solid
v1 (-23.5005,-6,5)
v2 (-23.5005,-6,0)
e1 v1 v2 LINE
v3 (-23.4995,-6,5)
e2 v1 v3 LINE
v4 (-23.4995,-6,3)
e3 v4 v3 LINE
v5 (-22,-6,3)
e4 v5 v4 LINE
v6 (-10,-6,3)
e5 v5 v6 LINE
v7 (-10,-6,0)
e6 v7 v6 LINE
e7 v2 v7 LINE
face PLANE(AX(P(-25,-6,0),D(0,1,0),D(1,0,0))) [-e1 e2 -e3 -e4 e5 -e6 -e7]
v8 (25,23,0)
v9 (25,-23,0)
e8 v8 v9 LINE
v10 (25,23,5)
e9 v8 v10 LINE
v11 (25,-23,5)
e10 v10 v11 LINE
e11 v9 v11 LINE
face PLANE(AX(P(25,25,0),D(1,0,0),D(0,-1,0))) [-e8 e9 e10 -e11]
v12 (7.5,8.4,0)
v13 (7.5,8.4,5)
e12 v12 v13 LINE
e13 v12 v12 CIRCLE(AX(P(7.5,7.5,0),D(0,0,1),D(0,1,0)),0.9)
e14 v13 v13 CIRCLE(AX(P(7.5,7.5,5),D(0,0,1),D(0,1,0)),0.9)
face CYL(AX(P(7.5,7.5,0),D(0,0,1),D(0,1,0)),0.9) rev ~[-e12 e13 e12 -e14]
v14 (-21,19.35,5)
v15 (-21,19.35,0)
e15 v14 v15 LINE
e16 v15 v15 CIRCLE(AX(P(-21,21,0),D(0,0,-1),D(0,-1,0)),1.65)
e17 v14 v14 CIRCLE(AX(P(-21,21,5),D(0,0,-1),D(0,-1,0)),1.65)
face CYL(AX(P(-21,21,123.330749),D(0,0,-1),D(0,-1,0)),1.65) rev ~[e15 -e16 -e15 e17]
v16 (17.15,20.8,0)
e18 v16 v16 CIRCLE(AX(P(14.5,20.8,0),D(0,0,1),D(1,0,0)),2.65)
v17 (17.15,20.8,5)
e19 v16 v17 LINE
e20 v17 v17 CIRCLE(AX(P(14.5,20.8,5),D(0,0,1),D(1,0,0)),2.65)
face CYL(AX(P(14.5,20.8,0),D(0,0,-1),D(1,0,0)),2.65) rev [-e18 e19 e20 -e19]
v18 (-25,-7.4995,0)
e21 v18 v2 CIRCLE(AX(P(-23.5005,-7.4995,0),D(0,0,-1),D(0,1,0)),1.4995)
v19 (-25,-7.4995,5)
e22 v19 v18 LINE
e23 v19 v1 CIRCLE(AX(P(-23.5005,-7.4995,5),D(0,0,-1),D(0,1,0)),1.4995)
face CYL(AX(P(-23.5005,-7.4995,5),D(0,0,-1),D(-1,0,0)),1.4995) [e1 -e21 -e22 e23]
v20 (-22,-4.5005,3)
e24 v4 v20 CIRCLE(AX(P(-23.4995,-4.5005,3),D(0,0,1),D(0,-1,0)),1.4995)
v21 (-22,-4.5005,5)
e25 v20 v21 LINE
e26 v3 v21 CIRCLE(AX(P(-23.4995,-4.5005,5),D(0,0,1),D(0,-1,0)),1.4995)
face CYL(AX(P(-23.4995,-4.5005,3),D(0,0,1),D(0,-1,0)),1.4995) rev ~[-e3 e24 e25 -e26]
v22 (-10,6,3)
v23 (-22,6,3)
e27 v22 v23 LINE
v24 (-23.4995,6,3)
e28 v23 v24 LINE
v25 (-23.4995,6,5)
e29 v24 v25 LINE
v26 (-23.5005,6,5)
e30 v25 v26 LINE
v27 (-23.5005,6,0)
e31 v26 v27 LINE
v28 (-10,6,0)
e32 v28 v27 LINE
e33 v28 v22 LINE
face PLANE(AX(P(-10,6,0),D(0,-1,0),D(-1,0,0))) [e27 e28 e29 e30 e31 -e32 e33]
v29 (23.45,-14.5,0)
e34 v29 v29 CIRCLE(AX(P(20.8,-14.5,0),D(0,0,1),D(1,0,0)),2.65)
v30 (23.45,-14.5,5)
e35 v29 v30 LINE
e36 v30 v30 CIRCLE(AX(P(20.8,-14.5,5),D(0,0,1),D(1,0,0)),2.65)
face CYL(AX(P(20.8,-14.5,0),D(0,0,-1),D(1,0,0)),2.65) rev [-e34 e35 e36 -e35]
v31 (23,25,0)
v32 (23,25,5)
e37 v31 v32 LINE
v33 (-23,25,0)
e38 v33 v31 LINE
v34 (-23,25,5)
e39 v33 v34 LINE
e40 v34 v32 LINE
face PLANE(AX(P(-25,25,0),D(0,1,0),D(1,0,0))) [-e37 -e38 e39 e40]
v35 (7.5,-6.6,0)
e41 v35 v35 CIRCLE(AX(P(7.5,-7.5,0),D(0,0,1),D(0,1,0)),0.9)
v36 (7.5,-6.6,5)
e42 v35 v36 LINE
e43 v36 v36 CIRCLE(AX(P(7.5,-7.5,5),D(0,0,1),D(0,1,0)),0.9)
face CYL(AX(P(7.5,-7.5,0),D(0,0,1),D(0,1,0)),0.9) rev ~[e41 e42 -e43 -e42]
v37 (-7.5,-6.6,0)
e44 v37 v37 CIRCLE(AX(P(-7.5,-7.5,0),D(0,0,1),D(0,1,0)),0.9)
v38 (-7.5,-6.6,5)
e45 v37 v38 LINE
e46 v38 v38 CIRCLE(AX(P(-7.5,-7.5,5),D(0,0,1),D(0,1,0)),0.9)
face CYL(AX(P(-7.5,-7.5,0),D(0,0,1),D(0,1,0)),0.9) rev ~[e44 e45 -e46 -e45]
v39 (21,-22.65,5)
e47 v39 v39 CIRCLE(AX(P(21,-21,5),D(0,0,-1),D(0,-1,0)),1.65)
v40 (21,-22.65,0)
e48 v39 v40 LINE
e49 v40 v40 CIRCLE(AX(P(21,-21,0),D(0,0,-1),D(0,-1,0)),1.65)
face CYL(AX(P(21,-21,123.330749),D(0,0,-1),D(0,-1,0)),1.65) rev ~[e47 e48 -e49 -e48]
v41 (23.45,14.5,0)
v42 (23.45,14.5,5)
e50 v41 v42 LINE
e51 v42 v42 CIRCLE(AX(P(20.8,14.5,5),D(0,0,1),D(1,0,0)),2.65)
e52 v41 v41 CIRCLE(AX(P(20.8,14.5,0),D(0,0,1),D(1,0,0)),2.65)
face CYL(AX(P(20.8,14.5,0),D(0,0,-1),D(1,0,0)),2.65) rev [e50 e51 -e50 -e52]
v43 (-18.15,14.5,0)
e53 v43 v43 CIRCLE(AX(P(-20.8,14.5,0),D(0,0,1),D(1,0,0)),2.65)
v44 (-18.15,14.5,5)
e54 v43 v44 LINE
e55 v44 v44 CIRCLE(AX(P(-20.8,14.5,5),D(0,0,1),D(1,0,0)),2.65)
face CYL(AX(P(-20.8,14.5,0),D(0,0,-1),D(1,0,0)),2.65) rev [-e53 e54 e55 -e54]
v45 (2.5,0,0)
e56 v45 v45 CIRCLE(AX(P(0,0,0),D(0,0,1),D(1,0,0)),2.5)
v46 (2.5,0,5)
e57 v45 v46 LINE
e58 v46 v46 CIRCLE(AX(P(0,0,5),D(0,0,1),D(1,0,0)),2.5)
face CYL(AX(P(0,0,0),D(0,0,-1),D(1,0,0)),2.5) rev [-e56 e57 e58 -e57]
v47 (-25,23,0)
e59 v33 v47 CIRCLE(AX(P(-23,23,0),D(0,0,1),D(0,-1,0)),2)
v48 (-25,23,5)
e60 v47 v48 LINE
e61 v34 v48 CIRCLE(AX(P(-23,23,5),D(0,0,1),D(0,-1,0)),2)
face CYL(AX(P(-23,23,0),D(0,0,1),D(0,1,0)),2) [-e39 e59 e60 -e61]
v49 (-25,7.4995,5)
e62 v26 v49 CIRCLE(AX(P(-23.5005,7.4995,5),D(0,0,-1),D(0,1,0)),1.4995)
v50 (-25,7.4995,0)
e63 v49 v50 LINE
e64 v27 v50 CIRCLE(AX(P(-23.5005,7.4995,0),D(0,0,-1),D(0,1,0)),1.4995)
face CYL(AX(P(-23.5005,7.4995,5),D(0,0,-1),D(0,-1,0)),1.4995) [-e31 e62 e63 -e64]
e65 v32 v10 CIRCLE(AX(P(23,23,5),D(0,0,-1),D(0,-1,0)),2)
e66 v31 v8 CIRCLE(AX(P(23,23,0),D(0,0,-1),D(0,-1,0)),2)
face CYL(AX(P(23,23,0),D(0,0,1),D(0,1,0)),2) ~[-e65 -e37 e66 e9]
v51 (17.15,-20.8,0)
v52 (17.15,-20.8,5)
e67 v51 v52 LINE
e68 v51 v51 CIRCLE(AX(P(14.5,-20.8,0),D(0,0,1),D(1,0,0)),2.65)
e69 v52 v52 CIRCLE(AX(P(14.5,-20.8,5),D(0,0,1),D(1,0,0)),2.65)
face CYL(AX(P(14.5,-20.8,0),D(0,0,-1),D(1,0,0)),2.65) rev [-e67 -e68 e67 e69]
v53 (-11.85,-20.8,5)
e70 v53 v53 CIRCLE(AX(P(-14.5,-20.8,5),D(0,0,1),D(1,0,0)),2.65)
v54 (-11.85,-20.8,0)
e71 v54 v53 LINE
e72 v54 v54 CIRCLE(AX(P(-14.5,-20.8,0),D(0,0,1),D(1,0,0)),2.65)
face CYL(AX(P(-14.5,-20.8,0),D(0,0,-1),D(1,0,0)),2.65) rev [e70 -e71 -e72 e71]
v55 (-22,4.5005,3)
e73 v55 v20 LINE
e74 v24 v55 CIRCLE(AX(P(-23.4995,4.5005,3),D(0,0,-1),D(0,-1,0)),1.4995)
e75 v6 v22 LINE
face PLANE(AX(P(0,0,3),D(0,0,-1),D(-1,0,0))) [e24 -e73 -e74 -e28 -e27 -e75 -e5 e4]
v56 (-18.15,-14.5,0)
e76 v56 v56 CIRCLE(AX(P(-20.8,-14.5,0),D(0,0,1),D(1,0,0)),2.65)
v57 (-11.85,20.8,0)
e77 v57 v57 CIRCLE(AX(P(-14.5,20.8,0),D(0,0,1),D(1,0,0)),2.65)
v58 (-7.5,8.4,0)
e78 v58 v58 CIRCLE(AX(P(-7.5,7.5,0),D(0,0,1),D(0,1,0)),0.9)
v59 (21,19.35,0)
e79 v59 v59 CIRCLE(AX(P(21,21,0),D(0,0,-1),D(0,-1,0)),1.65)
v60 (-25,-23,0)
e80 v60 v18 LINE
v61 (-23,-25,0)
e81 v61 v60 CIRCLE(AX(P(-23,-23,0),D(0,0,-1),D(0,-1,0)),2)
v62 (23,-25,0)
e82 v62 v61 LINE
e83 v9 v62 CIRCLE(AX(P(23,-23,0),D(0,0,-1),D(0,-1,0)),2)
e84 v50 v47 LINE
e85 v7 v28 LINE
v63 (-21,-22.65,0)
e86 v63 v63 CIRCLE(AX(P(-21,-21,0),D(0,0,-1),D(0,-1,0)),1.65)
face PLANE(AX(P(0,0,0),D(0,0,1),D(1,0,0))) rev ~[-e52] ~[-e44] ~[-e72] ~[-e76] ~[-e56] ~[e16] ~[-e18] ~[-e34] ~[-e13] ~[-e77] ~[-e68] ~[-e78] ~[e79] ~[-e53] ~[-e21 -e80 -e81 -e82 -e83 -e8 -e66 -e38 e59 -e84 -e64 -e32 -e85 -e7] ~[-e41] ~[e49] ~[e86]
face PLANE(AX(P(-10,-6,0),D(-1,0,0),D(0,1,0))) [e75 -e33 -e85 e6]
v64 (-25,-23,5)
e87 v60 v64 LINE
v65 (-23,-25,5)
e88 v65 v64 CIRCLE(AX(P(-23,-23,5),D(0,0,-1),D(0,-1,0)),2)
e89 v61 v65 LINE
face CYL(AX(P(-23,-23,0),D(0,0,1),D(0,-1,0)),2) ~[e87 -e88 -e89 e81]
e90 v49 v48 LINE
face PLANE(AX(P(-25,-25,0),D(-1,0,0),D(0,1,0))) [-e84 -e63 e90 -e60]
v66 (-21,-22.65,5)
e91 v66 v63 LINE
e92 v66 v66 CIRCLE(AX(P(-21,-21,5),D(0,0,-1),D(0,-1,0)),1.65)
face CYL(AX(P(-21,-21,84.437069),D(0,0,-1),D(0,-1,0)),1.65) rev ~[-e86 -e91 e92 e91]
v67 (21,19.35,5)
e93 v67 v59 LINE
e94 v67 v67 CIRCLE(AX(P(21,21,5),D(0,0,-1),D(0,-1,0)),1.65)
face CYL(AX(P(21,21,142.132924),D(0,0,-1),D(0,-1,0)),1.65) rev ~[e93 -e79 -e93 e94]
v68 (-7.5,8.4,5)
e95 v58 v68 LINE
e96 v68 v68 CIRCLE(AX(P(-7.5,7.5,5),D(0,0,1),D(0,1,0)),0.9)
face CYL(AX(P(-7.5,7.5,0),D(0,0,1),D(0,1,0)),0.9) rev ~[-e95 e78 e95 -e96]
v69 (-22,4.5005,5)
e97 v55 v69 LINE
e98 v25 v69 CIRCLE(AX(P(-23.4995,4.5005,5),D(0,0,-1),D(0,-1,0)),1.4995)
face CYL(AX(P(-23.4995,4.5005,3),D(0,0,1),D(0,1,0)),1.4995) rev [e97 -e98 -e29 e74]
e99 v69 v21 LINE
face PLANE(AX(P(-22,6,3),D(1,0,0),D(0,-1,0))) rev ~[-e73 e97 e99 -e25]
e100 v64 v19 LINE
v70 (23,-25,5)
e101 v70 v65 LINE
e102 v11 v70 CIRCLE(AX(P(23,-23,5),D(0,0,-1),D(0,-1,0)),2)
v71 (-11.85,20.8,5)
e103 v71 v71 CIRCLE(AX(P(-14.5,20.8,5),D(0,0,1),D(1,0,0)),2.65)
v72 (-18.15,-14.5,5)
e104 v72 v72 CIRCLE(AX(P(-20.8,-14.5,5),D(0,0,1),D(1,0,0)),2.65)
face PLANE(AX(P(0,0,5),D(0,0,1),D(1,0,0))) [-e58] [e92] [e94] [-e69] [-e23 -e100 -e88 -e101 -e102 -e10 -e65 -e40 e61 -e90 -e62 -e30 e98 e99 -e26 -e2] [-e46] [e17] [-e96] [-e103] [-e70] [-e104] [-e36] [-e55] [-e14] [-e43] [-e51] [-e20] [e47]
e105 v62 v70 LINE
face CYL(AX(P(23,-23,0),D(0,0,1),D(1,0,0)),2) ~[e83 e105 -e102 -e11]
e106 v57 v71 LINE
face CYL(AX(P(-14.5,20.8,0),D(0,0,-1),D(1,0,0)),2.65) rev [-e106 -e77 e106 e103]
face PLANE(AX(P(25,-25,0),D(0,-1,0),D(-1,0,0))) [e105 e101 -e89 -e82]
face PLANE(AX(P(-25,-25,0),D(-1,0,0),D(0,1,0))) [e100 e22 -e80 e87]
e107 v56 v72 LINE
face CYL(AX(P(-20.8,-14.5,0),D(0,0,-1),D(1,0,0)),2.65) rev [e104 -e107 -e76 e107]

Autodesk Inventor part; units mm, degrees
ref_plane "YZ Plane" through (0, 0, 0) normal (1, 0, 0) x (0, 1, 0)
ref_plane "XZ Plane" through (0, 0, 0) normal (0, 1, 0) x (-1, 0, 0)
ref_plane "XY Plane" through (0, 0, 0) normal (0, 0, 1) x (1, 0, 0)
sketch "Sketch1" plane through (0, 0, 0) normal (0, 0, 1) x (1, 0, 0)
  line L0 (-25, 25) -> (25, 25)
  line L1 (25, 25) -> (25, -25)
  line L2 (25, -25) -> (-25, -25)
  line L3 (-25, -25) -> (-25, 25)
  line L4 (-25, 25) -> (25, -25) construction
  line L5 (25, 25) -> (-25, -25) construction
  circle A0 centre (0, 0) radius 2.5
  circle A1 centre (-20.8, -14.5) radius 2.65
  circle A2 centre (-14.5, -20.8) radius 2.65
  circle A3 centre (-20.8, 14.5) radius 2.65
  circle A4 centre (20.8, -14.5) radius 2.65
  circle A5 centre (20.8, 14.5) radius 2.65
  circle A6 centre (-14.5, 20.8) radius 2.65
  circle A7 centre (14.5, -20.8) radius 2.65
  circle A8 centre (14.5, 20.8) radius 2.65
  dimension "d0" = 50
  dimension "d1" = 50
  dimension "d2" = 5
  dimension "d5" = 5.3
  dimension "d6" = 4.2
  dimension "d8" = 10.5
  dimension "d11" = 29
  dimension "d14" = 41.6
extrude "Extrusion1" add sketch "Sketch1" along normal blind 5
fillet "Fillet1" radius 2 4 edges at (-25, 25, 2.5) (25, 25, 2.5) (-25, -25, 2.5) (25, -25, 2.5)
sketch "Sketch2" plane through (0, 0, 5) normal (0, 0, 1) x (1, 0, 0)
  arc A0 (23, -25) -> (25, -23) centre (23, -23) ccw projected
  line L0 (25, -23) -> (25, 23) projected
  arc A1 (25, 23) -> (23, 25) centre (23, 23) ccw projected
  line L1 (23, 25) -> (-23, 25) projected
  arc A2 (-23, 25) -> (-25, 23) centre (-23, 23) ccw projected
  line L2 (-25, 23) -> (-25, -23) projected
  arc A3 (-25, -23) -> (-23, -25) centre (-23, -23) ccw projected
  line L3 (-23, -25) -> (23, -25) projected
  circle A4 centre (14.5, 20.8) radius 2.65 projected
  circle A5 centre (-14.5, 20.8) radius 2.65 projected
  circle A6 centre (14.5, -20.8) radius 2.65 projected
  circle A7 centre (20.8, 14.5) radius 2.65 projected
  circle A8 centre (20.8, -14.5) radius 2.65 projected
  circle A9 centre (-20.8, 14.5) radius 2.65 projected
  circle A10 centre (-14.5, -20.8) radius 2.65 projected
  circle A11 centre (-20.8, -14.5) radius 2.65 projected
  circle A12 centre (0, 0) radius 2.5 projected
  line L4 (21, -21) -> (-21, -21)
  line L5 (-21, -21) -> (-21, 21)
  line L6 (-21, 21) -> (21, 21)
  line L7 (21, 21) -> (21, -21)
  line L8 (21, -21) -> (-21, 21) construction
  line L9 (-21, -21) -> (21, 21) construction
  circle A13 centre (-28.6, 21.06) radius 1.55 projected
  dimension "d18" = 42
  dimension "d19" = 42
hole "Hole1" at (-21, 21, 5) at (21, 21, 5) at (21, -21, 5) at (-21, -21, 5) direction (0, 0, -1) diameter 3.3 end through all both
sketch "Sketch3" plane through (0, 0, 0) normal (0, 0, -1) x (-1, 0, 0)
  circle A0 centre (-21, -21) radius 1.65 construction
  circle A1 centre (21, 21) radius 1.65 construction
  circle A2 centre (-21, 21) radius 1.65 construction
  circle A3 centre (21, -21) radius 1.65 construction
  circle A4 centre (-14.5, 20.8) radius 2.65 construction
  circle A5 centre (14.5, 20.8) radius 2.65 construction
  circle A6 centre (-14.5, -20.8) radius 2.65 construction
  circle A7 centre (-20.8, 14.5) radius 2.65 construction
  circle A8 centre (-20.8, -14.5) radius 2.65 construction
  circle A9 centre (20.8, 14.5) radius 2.65 construction
  circle A10 centre (14.5, -20.8) radius 2.65 construction
  circle A11 centre (20.8, -14.5) radius 2.65 construction
  circle A12 centre (0, 0) radius 2.5 construction
  arc A13 (-25, -23) -> (-23, -25) centre (-23, -23) ccw construction
  line L0 (-23, -25) -> (23, -25) construction
  arc A14 (23, -25) -> (25, -23) centre (23, -23) ccw construction
  line L1 (25, -23) -> (25, 23) construction
  arc A15 (25, 23) -> (23, 25) centre (23, 23) ccw construction
  line L2 (23, 25) -> (-23, 25) construction
  arc A16 (-23, 25) -> (-25, 23) centre (-23, 23) ccw construction
  line L3 (-25, 23) -> (-25, -23) construction
  circle A17 centre (-7.5, 7.5) radius 0.9 construction
  circle A18 centre (7.5, 7.5) radius 0.9 construction
  circle A19 centre (7.5, -7.5) radius 0.9 construction
  circle A20 centre (-7.5, -7.5) radius 0.9 construction
hole "Hole2" at (7.5, 7.5, 0) at (-7.5, 7.5, 0) at (-7.5, -7.5, 0) at (7.5, -7.5, 0) direction (0, 0, 1) diameter 1.8 end through all
sketch "Sketch4" plane through (0, 0, 0) normal (0, 0, -1) x (-1, 0, 0)
  line L0 (15, 15) -> (15, -15) construction
  line L1 (-15, 15) -> (15, 15) construction
  line L2 (15, -15) -> (-15, -15) construction
  line L3 (-15, -15) -> (-15, 15) construction
  circle A0 centre (7.5, -7.5) radius 0.9 construction
  circle A1 centre (-7.5, 7.5) radius 0.9 construction
  circle A2 centre (7.5, 7.5) radius 0.9 construction
  circle A3 centre (-7.5, -7.5) radius 0.9 construction
  circle A4 centre (-21, -21) radius 1.65 construction
  circle A5 centre (21, 21) radius 1.65 construction
  circle A6 centre (-21, 21) radius 1.65 construction
  circle A7 centre (21, -21) radius 1.65 construction
  circle A8 centre (-14.5, 20.8) radius 2.65 construction
  circle A9 centre (14.5, 20.8) radius 2.65 construction
  circle A10 centre (-14.5, -20.8) radius 2.65 construction
  circle A11 centre (-20.8, 14.5) radius 2.65 construction
  circle A12 centre (-20.8, -14.5) radius 2.65 construction
  circle A13 centre (20.8, 14.5) radius 2.65 construction
  circle A14 centre (14.5, -20.8) radius 2.65 construction
  circle A15 centre (20.8, -14.5) radius 2.65 construction
  circle A16 centre (0, 0) radius 2.5 construction
  arc A17 (-25, -23) -> (-23, -25) centre (-23, -23) ccw construction
  line L4 (-23, -25) -> (23, -25) construction
  arc A18 (23, -25) -> (25, -23) centre (23, -23) ccw construction
  line L5 (25, -23) -> (25, 23) construction
  arc A19 (25, 23) -> (23, 25) centre (23, 23) ccw construction
  line L6 (23, 25) -> (-23, 25) construction
  arc A20 (-23, 25) -> (-25, 23) centre (-23, 23) ccw construction
  line L7 (-25, 23) -> (-25, -23) construction
  line L8 (-25, -23) -> (-25, 23) construction
  line L9 (-25, 0) -> (25, 0) construction
  line L10 (25, 23) -> (25, -23) construction
  line L11 (10, 6) -> (15, 6) construction
  line L12 (15, 6) -> (15, -6) construction
  line L13 (15, -6) -> (10, -6) construction
  line L14 (10, -6) -> (10, 6) construction
  line L15 (10, 6) -> (25, 6)
  line L16 (25, 6) -> (25, -6)
  line L17 (25, -6) -> (10, -6)
  line L18 (10, -6) -> (10, 6)
  dimension "d34" = 5
  dimension "d35" = 12
extrude "Extrusion2" cut sketch "Sketch4" against normal blind 3
sketch "Sketch5" plane through (0, 0, 3) normal (0, 0, -1) x (-1, 0, 0)
  line L0 (10, 6) -> (25, 6) projected
  line L1 (10, -6) -> (10, 6) projected
  line L2 (25, -6) -> (10, -6) projected
  line L3 (25, 6) -> (25, -6) projected
  line L4 (25, 6) -> (25, -6) projected
  line L5 (25, -6) -> (10, -6) projected
  line L6 (25, 6) -> (22, 6)
  line L7 (22, 6) -> (22, -6)
  line L8 (22, -6) -> (25, -6)
  line L9 (25, -6) -> (25, 6)
  point P0 (0, 0)
  dimension "d38" = 3
extrude "Extrusion3" cut sketch "Sketch5" against normal up to surface (2 mm away) contours L0 L3 L2 L7
fillet "Fillet2" radius 1.5 4 edges at (-25, 6, 2.5) (-25, -6, 2.5) (-22, 6, 4) (-22, -6, 4)
properties part number "20_IM_LED_holder"
